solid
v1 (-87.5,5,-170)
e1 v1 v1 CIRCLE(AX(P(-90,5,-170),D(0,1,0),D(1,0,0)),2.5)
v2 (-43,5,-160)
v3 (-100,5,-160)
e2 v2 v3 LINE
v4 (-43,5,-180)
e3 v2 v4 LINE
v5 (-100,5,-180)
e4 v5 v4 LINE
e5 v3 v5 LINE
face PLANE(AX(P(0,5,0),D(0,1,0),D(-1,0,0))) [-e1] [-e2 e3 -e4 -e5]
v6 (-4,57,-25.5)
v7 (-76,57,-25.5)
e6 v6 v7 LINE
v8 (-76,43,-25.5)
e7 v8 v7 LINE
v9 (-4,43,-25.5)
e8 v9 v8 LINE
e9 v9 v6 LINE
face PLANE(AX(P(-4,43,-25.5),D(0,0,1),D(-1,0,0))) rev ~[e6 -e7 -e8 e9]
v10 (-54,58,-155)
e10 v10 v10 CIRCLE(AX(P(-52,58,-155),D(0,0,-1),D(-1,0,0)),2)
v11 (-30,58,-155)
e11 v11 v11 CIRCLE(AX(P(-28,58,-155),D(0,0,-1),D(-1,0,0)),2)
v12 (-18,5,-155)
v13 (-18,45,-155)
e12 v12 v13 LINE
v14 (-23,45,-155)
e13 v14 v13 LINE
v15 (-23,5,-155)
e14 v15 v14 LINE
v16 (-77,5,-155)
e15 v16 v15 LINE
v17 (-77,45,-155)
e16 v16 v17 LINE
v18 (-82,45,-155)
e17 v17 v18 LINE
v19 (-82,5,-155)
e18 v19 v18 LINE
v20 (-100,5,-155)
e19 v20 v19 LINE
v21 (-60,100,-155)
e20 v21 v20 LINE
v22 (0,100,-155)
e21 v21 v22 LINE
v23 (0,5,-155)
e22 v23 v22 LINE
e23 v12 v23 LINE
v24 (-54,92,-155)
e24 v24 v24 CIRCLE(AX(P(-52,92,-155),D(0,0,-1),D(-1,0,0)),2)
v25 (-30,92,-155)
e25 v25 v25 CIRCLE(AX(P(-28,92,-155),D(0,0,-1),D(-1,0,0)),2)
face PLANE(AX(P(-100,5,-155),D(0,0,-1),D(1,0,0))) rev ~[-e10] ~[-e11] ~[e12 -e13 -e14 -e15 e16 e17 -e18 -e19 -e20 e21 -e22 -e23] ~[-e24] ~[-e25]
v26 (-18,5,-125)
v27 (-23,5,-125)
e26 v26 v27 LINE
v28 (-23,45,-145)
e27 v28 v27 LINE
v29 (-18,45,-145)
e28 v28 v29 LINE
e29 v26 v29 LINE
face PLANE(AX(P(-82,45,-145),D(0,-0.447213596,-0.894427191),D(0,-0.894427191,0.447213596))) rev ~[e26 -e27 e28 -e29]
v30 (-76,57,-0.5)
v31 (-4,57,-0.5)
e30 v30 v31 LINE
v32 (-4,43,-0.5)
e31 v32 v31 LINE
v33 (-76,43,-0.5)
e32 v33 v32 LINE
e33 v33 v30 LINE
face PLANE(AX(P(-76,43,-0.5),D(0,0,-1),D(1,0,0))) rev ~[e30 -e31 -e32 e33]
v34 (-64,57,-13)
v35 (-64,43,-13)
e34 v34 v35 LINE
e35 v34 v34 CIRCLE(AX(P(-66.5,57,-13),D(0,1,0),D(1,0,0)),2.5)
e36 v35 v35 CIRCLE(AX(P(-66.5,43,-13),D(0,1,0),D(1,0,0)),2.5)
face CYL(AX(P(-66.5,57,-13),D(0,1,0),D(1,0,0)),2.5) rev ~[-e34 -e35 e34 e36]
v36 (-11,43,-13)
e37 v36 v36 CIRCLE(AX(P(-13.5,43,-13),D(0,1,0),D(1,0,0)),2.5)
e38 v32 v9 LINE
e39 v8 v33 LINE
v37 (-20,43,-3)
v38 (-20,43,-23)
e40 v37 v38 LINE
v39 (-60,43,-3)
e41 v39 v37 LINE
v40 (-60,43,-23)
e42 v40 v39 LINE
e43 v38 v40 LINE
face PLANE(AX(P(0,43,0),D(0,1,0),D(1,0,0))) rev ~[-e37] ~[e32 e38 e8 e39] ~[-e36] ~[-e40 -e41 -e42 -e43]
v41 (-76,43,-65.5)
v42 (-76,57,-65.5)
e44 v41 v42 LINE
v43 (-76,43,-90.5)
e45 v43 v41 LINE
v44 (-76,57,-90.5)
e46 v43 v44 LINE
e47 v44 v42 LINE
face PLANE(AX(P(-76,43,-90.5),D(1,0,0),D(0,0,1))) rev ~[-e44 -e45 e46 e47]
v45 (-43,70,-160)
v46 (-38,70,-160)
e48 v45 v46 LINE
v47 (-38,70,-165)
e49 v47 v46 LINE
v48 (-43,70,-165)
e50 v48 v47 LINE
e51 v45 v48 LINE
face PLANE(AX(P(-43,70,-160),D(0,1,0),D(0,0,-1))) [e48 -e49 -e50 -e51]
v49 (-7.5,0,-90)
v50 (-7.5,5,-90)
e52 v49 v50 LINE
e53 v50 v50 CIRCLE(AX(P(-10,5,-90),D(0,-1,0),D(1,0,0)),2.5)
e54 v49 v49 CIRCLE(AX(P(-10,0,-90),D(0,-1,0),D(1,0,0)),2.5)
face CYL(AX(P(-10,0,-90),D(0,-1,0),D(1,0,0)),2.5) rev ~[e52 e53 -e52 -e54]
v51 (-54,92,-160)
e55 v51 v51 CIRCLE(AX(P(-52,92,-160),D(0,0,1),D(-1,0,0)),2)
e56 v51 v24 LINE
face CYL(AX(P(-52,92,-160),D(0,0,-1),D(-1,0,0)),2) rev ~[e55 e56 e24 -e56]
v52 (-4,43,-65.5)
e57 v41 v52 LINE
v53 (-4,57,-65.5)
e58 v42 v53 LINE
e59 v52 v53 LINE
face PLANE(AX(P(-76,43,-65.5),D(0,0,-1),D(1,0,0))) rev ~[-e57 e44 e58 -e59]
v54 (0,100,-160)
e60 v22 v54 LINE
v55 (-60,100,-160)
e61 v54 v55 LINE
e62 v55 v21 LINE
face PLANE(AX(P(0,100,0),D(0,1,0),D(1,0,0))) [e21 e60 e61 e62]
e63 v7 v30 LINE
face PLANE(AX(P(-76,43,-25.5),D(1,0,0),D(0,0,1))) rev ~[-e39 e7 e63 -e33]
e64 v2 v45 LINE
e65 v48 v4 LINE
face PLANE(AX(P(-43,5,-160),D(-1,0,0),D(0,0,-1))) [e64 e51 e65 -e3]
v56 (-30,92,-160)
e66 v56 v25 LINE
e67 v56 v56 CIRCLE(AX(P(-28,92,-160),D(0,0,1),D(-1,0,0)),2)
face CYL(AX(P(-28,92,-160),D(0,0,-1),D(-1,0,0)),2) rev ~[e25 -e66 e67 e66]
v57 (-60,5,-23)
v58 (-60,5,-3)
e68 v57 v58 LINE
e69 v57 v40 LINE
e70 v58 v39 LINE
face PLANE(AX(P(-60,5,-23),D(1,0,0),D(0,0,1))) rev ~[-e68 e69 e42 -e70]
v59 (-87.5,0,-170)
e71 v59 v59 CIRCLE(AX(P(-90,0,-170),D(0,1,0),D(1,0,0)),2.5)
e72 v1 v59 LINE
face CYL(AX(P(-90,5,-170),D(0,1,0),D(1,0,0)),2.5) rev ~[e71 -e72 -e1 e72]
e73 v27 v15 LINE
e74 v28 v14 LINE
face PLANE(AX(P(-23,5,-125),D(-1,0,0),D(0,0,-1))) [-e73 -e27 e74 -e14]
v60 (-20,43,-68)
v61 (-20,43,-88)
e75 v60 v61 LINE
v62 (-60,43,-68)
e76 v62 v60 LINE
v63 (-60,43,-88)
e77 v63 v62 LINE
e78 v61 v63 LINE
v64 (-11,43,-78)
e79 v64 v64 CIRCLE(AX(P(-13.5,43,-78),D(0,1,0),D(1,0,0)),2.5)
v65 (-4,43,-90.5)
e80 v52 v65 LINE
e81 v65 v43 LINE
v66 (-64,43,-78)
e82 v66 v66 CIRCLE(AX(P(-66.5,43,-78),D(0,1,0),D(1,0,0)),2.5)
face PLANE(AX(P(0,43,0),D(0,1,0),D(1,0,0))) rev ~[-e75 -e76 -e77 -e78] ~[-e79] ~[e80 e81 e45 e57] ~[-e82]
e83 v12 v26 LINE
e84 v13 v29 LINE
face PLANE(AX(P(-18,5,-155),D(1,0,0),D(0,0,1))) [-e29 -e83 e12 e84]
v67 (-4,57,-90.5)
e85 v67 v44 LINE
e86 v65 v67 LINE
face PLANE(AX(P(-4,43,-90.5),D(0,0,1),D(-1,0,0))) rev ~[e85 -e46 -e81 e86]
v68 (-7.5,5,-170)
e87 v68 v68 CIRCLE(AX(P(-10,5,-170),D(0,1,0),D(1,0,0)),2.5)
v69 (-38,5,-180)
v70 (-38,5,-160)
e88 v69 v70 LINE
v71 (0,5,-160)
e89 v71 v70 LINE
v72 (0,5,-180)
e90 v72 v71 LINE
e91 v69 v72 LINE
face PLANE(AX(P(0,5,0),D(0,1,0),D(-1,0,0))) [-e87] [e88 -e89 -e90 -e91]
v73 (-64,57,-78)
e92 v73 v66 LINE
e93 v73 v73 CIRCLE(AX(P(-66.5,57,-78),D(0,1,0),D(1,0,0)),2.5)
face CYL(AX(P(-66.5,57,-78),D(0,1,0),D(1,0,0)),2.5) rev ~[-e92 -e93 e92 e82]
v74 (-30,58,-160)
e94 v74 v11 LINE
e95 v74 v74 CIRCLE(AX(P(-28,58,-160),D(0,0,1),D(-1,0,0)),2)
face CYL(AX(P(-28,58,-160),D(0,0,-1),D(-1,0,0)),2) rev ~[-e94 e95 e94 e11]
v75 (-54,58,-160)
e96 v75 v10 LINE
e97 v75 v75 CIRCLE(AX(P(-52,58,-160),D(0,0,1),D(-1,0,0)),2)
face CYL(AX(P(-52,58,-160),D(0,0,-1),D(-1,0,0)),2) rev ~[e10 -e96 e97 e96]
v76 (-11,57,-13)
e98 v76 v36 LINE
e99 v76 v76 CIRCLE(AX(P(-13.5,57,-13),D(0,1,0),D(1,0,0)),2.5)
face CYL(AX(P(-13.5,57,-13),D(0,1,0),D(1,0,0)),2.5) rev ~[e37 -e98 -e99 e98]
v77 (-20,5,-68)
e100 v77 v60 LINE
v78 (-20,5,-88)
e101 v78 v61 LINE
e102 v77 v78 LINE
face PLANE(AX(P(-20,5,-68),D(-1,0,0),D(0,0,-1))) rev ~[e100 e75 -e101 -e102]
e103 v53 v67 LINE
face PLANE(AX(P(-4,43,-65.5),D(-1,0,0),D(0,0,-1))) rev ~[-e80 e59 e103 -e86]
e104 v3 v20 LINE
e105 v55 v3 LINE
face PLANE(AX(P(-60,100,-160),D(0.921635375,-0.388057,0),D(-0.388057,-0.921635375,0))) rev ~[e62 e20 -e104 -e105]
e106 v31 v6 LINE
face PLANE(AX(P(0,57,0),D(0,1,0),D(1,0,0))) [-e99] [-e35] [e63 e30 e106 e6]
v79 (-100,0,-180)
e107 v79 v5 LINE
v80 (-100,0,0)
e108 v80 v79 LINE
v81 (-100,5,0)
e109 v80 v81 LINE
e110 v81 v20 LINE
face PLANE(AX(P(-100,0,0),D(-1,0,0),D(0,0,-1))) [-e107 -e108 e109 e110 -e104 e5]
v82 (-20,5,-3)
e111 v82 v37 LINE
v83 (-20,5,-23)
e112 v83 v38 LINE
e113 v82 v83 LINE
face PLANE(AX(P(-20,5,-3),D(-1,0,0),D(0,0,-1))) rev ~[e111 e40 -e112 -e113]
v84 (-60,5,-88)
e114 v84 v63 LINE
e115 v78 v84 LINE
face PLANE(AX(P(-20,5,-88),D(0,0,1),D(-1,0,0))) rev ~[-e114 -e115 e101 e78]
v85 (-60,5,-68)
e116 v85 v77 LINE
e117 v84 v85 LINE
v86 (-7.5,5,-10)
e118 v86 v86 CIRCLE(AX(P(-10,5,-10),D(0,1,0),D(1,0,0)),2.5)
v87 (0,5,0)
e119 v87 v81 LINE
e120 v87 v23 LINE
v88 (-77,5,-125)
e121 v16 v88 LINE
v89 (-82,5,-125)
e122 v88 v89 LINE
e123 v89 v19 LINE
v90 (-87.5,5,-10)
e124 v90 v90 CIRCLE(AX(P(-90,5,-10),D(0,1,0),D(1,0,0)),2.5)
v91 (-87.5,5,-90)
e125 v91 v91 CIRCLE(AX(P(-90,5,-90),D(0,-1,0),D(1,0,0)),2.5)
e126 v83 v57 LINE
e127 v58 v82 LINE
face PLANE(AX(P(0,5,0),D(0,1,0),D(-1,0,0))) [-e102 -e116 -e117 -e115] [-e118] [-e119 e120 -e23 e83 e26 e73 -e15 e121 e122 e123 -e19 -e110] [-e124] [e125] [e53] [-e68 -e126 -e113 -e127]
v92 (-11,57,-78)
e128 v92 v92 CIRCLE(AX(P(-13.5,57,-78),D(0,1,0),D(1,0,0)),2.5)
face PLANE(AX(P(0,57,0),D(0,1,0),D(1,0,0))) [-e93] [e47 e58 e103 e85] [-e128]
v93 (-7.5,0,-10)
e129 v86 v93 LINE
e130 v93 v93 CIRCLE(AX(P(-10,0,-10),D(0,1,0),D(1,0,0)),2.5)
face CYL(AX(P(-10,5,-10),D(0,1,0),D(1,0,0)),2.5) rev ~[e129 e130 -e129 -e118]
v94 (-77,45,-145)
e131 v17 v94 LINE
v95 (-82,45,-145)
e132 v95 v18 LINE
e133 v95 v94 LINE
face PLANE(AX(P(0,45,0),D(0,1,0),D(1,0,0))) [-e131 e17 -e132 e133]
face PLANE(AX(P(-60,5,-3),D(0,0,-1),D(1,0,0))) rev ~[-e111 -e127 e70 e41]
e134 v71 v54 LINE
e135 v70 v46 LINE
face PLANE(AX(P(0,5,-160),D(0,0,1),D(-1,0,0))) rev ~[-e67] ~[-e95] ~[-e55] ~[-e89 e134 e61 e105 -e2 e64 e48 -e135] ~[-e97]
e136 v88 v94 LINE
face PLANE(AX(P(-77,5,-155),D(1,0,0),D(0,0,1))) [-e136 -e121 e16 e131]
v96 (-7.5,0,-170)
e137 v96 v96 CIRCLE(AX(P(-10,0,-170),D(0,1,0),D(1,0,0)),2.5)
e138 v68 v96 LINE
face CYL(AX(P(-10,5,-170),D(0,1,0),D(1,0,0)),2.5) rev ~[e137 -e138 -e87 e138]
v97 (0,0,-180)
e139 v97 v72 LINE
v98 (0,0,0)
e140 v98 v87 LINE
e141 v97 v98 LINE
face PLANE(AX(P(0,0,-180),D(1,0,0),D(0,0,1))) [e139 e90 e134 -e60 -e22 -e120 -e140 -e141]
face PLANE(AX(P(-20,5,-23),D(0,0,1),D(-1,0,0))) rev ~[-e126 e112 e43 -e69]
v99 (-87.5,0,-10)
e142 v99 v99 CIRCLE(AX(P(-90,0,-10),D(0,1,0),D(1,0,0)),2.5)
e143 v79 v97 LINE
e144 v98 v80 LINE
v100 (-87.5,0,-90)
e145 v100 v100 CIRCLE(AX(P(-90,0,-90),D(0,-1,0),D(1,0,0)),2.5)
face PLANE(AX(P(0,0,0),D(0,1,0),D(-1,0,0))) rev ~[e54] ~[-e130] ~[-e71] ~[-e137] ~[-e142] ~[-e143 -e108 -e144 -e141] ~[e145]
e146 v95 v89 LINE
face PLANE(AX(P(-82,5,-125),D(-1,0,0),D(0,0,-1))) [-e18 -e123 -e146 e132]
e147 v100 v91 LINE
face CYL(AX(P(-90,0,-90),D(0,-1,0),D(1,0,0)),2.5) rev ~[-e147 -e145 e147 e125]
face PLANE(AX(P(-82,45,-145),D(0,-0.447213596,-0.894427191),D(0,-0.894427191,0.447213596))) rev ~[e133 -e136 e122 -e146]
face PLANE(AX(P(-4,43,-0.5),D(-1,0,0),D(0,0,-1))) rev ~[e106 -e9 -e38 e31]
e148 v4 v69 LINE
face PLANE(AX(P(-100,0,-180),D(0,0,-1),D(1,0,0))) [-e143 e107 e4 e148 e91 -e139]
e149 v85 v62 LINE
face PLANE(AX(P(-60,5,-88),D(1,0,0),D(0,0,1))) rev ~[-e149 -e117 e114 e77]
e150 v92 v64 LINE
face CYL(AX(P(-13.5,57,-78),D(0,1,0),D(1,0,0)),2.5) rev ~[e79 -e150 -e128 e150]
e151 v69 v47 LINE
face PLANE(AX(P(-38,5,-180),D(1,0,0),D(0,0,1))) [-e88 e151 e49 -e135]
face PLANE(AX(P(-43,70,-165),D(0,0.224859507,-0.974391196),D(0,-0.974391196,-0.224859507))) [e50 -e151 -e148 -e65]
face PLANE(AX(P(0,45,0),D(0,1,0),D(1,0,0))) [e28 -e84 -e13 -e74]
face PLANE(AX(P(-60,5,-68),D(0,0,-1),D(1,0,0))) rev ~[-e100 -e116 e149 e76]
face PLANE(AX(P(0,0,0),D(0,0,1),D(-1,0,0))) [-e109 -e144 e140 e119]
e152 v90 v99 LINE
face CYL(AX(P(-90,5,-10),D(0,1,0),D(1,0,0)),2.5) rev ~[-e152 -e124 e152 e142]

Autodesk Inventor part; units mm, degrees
ref_plane "YZ Plane" through (0, 0, 0) normal (1, 0, 0) x (0, 1, 0)
ref_plane "XZ Plane" through (0, 0, 0) normal (0, 1, 0) x (-1, 0, 0)
ref_plane "XY Plane" through (0, 0, 0) normal (0, 0, 1) x (1, 0, 0)
sketch "Sketch1" plane through (0, 0, 0) normal (0, 1, 0) x (-1, 0, 0)
  line L0 (0, 0) -> (100, 0)
  line L1 (100, 0) -> (100, -180)
  line L2 (100, -180) -> (0, -180)
  line L3 (0, -180) -> (0, 0)
  dimension "d0" = 100
  dimension "d1" = 180
extrude "Extrusion1" add sketch "Sketch1" along normal blind 5
sketch "Sketch2" plane through (0, 5, 0) normal (0, 1, 0) x (1, 0, 0)
  line L0 (0, 160) -> (-100, 160)
  line L1 (-100, 160) -> (-100, 155)
  line L2 (-100, 155) -> (0, 155)
  line L3 (0, 155) -> (0, 160)
  line L4 (0, 180) -> (-100, 180) projected
  point P0 (0, 0)
  dimension "d4" = 100
  dimension "d5" = 5
  dimension "d6" = 20
extrude "Extrusion2" add sketch "Sketch2" along normal blind 95
sketch "Sketch5" plane through (0, 5, -160) normal (0, 0, -1) x (-1, 0, 0)
  line L0 (28, 87) -> (52, 87)
  line L1 (52, 87) -> (52, 53)
  line L2 (52, 53) -> (28, 53)
  line L3 (28, 53) -> (28, 87)
  line L4 (28, 87) -> (52, 53) construction
  line L5 (52, 87) -> (28, 53) construction
  line L6 (0, 0) -> (0, 95) projected
  line L7 (0, 95) -> (100, 95) projected
  circle A0 centre (28, 87) radius 2
  circle A1 centre (52, 87) radius 2
  circle A2 centre (28, 53) radius 2
  circle A3 centre (52, 53) radius 2
  point P0 (0, -5)
  point P1 (40, 70)
  point P2 (50, 95)
  dimension "d14" = 24
  dimension "d15" = 34
  dimension "d16" = 40
  dimension "d17" = 25
  dimension "d19" = 4
  dimension "d20" = 4
  dimension "d21" = 4
  dimension "d22" = 4
extrude "Extrusion4" cut sketch "Sketch5" against normal blind 95 contours L3 A0 L0 | L0 A0 L3 | A1 L1 L0 | L0 L1 A1 | A2 L2 L3 | L3 L2 A2 | A3 L2 L1 | L1 L2 A3
sketch "Sketch12" plane through (0, 5, -160) normal (0, 0, -1) x (-1, 0, 0)
  line L0 (0, 95) -> (100, 95) projected
  line L1 (100, 95) -> (60, 95)
  line L2 (100, 0) -> (0, 0) projected
  line L3 (60, 95) -> (100, 0)
  line L4 (100, 0) -> (100, 95)
  point P0 (0, -5)
  dimension "d72" = 40
extrude "Extrusion10" cut sketch "Sketch12" against normal blind 14
sketch "Sketch13" plane through (0, 5, 0) normal (0, 1, 0) x (1, 0, 0)
  line L0 (-20, 23) -> (-60, 23)
  line L1 (-60, 23) -> (-60, 3)
  line L2 (-60, 3) -> (-20, 3)
  line L3 (-20, 3) -> (-20, 23)
  line L4 (-20, 23) -> (-60, 3) construction
  line L5 (-60, 23) -> (-20, 3) construction
  line L6 (-100, 0) -> (0, 0) projected
  line L7 (0, 0) -> (0, 155) projected
  line L8 (-20, 88) -> (-60, 88)
  line L9 (-60, 88) -> (-60, 68)
  line L10 (-60, 68) -> (-20, 68)
  line L11 (-20, 68) -> (-20, 88)
  line L12 (-20, 88) -> (-60, 68) construction
  line L13 (-60, 88) -> (-20, 68) construction
  point P0 (-40, 13)
  point P1 (-40, 78)
  dimension "d76" = 40
  dimension "d77" = 20
  dimension "d78" = 3
  dimension "d79" = 40
  dimension "d80" = 40
  dimension "d81" = 20
  dimension "d82" = 45
  dimension "d83" = 40
extrude "Extrusion11" add sketch "Sketch13" along normal blind 38
sketch "Sketch14" plane through (0, 43, 0) normal (0, 1, 0) x (1, 0, 0)
  line L0 (-4, 90.5) -> (-76, 90.5)
  line L1 (-76, 90.5) -> (-76, 65.5)
  line L2 (-76, 65.5) -> (-4, 65.5)
  line L3 (-4, 65.5) -> (-4, 90.5)
  line L4 (-4, 90.5) -> (-76, 65.5) construction
  line L5 (-76, 90.5) -> (-4, 65.5) construction
  line L6 (-20, 88) -> (-60, 88) projected
  line L7 (-20, 68) -> (-20, 88) projected
  line L8 (-4, 25.5) -> (-76, 25.5)
  line L9 (-76, 25.5) -> (-76, 0.5)
  line L10 (-76, 0.5) -> (-4, 0.5)
  line L11 (-4, 0.5) -> (-4, 25.5)
  line L12 (-4, 25.5) -> (-76, 0.5) construction
  line L13 (-76, 25.5) -> (-4, 0.5) construction
  line L14 (-20, 23) -> (-60, 23) projected
  line L15 (-20, 3) -> (-20, 23) projected
  point P0 (0, 0)
  point P1 (-40, 78)
  point P2 (-40, 13)
  dimension "d86" = 72
  dimension "d87" = 25
  dimension "d88" = 10
  dimension "d89" = 20
  dimension "d90" = 72
  dimension "d91" = 25
  dimension "d92" = 10
  dimension "d93" = 20
extrude "Extrusion12" add sketch "Sketch14" along normal blind 14
sketch "Sketch16" plane through (0, 5, 0) normal (0, 1, 0) x (1, 0, 0)
  line L0 (0, 180) -> (-100, 180) projected
  line L1 (-38, 160) -> (-43, 160)
  line L2 (-43, 160) -> (-43, 180)
  line L3 (-43, 180) -> (-38, 180)
  line L4 (-38, 180) -> (-38, 160)
  line L5 (0, 160) -> (0, 180) projected
  point P0 (0, 0)
  dimension "d96" = 20
  dimension "d97" = 38
  dimension "d98" = 5
extrude "Extrusion13" add sketch "Sketch16" along normal blind 95
sketch "Sketch18" plane through (0, 5, 0) normal (0, 1, 0) x (1, 0, 0)
  line L0 (-60, 155) -> (-100, 155) projected
  line L1 (-82, 155) -> (-77, 155)
  line L2 (-77, 155) -> (-77, 125)
  line L3 (-77, 125) -> (-82, 125)
  line L4 (-82, 125) -> (-82, 155)
  line L5 (-23, 155) -> (-18, 155)
  line L6 (-18, 155) -> (-18, 125)
  line L7 (-18, 125) -> (-23, 125)
  line L8 (-23, 125) -> (-23, 155)
  line L9 (-100, 155) -> (-100, 0) projected
  line L10 (0, 0) -> (0, 155) projected
  dimension "d103" = 5
  dimension "d104" = 30
  dimension "d105" = 5
  dimension "d106" = 30
  dimension "d107" = 18
  dimension "d108" = 18
extrude "Extrusion15" add sketch "Sketch18" along normal blind 40
sketch "Sketch20" plane through (-43, 5, -180) normal (-1, 0, 0) x (0, 0, 1)
  line L0 (20, 0) -> (20, 95) projected
  line L1 (20, 95) -> (20, 65)
  line L2 (20, 65) -> (15, 65)
  line L3 (0, 0) -> (20, 0) projected
  line L4 (15, 65) -> (0, 0)
  line L5 (0, 95) -> (20, 95) projected
  line L6 (0, 0) -> (0, 95)
  line L7 (0, 95) -> (20, 95)
  point P0 (180, -5)
  dimension "d114" = 30
  dimension "d115" = 5
extrude "Extrusion17" cut sketch "Sketch20" against normal blind 10 contours L2 L4 L6 L5 L0
sketch "Sketch21" plane through (0, 5, 0) normal (0, 1, 0) x (1, 0, 0)
  circle A0 centre (-90, 10) radius 2.5
  line L0 (-100, 155) -> (-100, 0) projected
  line L1 (-100, 0) -> (0, 0) projected
  circle A1 centre (-10, 10) radius 2.5
  line L2 (0, 0) -> (0, 155) projected
  circle A2 centre (-90, 170) radius 2.5
  line L3 (-43, 180) -> (-100, 180) projected
  line L4 (-100, 180) -> (-100, 160) projected
  circle A3 centre (-10, 170) radius 2.5
  line L5 (0, 180) -> (-38, 180) projected
  line L6 (0, 160) -> (0, 180) projected
  circle A4 centre (-50, 50) radius 2.5
  circle A5 centre (-50, 130) radius 2.5
  dimension "d118" = 5
  dimension "d119" = 10
  dimension "d120" = 10
  dimension "d121" = 5
  dimension "d122" = 10
  dimension "d123" = 10
  dimension "d124" = 5
  dimension "d125" = 10
  dimension "d126" = 10
  dimension "d127" = 5
  dimension "d128" = 10
  dimension "d129" = 10
  dimension "d130" = 5
  dimension "d131" = 5
  dimension "d132" = 50
  dimension "d133" = 50
extrude "Extrusion18" cut sketch "Sketch21" against normal blind 10
sketch "Sketch27" plane through (0, 57, 0) normal (0, 1, 0) x (1, 0, 0)
  circle A0 centre (-66.5, 78) radius 2.5
  line L0 (-4, 90.5) -> (-76, 90.5) projected
  line L1 (-76, 90.5) -> (-76, 65.5) projected
  circle A1 centre (-13.5, 78) radius 2.5
  line L2 (-76, 65.5) -> (-4, 65.5) projected
  circle A2 centre (-66.5, 13) radius 2.5
  line L3 (-76, 25.5) -> (-76, 0.5) projected
  line L4 (-76, 0.5) -> (-4, 0.5) projected
  circle A3 centre (-13.5, 13) radius 2.5
  line L5 (-4, 0.5) -> (-4, 25.5) projected
  point P0 (0, 0)
  dimension "d137" = 5
  dimension "d138" = 12.5
  dimension "d139" = 9.5
  dimension "d140" = 5
  dimension "d141" = 53
  dimension "d142" = 12.5
  dimension "d143" = 5
  dimension "d144" = 9.5
  dimension "d145" = 12.5
  dimension "d146" = 5
  dimension "d147" = 9.5
  dimension "d148" = 12.5
extrude "Extrusion19" cut sketch "Sketch27" against normal blind 15
sketch "Sketch28" plane through (-82, 5, -155) normal (-1, 0, 0) x (0, 0, 1)
  line L0 (0, 40) -> (30, 40) projected
  line L1 (30, 40) -> (10, 40)
  line L2 (30, 0) -> (30, 40) projected
  line L3 (10, 40) -> (30, 0)
  line L4 (30, 0) -> (30, 40)
  point P0 (155, -5)
  dimension "d151" = 20
extrude "Extrusion20" cut sketch "Sketch28" against normal blind 200
sketch "Sketch29" plane through (0, 0, 0) normal (0, -1, 0) x (1, 0, 0)
  circle A0 centre (-90, -90) radius 2.5
  line L0 (-100, 0) -> (-100, -180) projected
  line L1 (0, 0) -> (-100, 0) projected
  circle A1 centre (-10, -90) radius 2.5
  line L2 (0, -180) -> (0, 0) projected
  dimension "d154" = 5
  dimension "d155" = 10
  dimension "d156" = 90
  dimension "d157" = 5
  dimension "d158" = 10
  dimension "d159" = 90
extrude "Extrusion21" cut sketch "Sketch29" against normal blind 5
sketch "Sketch30" plane through (0, 0, 0) normal (0, -1, 0) x (1, 0, 0)
  circle A0 centre (-50, -130) radius 2.5 projected
  circle A1 centre (-50, -130) radius 2.5
  circle A2 centre (-50, -50) radius 2.5 projected
  circle A3 centre (-50, -50) radius 2.5
  point P0 (0, 0)
  dimension "d162" = 5
  dimension "d163" = 5
extrude "Extrusion22" add sketch "Sketch30" against normal blind 5
properties part number "Giá đỡ động cơ"
